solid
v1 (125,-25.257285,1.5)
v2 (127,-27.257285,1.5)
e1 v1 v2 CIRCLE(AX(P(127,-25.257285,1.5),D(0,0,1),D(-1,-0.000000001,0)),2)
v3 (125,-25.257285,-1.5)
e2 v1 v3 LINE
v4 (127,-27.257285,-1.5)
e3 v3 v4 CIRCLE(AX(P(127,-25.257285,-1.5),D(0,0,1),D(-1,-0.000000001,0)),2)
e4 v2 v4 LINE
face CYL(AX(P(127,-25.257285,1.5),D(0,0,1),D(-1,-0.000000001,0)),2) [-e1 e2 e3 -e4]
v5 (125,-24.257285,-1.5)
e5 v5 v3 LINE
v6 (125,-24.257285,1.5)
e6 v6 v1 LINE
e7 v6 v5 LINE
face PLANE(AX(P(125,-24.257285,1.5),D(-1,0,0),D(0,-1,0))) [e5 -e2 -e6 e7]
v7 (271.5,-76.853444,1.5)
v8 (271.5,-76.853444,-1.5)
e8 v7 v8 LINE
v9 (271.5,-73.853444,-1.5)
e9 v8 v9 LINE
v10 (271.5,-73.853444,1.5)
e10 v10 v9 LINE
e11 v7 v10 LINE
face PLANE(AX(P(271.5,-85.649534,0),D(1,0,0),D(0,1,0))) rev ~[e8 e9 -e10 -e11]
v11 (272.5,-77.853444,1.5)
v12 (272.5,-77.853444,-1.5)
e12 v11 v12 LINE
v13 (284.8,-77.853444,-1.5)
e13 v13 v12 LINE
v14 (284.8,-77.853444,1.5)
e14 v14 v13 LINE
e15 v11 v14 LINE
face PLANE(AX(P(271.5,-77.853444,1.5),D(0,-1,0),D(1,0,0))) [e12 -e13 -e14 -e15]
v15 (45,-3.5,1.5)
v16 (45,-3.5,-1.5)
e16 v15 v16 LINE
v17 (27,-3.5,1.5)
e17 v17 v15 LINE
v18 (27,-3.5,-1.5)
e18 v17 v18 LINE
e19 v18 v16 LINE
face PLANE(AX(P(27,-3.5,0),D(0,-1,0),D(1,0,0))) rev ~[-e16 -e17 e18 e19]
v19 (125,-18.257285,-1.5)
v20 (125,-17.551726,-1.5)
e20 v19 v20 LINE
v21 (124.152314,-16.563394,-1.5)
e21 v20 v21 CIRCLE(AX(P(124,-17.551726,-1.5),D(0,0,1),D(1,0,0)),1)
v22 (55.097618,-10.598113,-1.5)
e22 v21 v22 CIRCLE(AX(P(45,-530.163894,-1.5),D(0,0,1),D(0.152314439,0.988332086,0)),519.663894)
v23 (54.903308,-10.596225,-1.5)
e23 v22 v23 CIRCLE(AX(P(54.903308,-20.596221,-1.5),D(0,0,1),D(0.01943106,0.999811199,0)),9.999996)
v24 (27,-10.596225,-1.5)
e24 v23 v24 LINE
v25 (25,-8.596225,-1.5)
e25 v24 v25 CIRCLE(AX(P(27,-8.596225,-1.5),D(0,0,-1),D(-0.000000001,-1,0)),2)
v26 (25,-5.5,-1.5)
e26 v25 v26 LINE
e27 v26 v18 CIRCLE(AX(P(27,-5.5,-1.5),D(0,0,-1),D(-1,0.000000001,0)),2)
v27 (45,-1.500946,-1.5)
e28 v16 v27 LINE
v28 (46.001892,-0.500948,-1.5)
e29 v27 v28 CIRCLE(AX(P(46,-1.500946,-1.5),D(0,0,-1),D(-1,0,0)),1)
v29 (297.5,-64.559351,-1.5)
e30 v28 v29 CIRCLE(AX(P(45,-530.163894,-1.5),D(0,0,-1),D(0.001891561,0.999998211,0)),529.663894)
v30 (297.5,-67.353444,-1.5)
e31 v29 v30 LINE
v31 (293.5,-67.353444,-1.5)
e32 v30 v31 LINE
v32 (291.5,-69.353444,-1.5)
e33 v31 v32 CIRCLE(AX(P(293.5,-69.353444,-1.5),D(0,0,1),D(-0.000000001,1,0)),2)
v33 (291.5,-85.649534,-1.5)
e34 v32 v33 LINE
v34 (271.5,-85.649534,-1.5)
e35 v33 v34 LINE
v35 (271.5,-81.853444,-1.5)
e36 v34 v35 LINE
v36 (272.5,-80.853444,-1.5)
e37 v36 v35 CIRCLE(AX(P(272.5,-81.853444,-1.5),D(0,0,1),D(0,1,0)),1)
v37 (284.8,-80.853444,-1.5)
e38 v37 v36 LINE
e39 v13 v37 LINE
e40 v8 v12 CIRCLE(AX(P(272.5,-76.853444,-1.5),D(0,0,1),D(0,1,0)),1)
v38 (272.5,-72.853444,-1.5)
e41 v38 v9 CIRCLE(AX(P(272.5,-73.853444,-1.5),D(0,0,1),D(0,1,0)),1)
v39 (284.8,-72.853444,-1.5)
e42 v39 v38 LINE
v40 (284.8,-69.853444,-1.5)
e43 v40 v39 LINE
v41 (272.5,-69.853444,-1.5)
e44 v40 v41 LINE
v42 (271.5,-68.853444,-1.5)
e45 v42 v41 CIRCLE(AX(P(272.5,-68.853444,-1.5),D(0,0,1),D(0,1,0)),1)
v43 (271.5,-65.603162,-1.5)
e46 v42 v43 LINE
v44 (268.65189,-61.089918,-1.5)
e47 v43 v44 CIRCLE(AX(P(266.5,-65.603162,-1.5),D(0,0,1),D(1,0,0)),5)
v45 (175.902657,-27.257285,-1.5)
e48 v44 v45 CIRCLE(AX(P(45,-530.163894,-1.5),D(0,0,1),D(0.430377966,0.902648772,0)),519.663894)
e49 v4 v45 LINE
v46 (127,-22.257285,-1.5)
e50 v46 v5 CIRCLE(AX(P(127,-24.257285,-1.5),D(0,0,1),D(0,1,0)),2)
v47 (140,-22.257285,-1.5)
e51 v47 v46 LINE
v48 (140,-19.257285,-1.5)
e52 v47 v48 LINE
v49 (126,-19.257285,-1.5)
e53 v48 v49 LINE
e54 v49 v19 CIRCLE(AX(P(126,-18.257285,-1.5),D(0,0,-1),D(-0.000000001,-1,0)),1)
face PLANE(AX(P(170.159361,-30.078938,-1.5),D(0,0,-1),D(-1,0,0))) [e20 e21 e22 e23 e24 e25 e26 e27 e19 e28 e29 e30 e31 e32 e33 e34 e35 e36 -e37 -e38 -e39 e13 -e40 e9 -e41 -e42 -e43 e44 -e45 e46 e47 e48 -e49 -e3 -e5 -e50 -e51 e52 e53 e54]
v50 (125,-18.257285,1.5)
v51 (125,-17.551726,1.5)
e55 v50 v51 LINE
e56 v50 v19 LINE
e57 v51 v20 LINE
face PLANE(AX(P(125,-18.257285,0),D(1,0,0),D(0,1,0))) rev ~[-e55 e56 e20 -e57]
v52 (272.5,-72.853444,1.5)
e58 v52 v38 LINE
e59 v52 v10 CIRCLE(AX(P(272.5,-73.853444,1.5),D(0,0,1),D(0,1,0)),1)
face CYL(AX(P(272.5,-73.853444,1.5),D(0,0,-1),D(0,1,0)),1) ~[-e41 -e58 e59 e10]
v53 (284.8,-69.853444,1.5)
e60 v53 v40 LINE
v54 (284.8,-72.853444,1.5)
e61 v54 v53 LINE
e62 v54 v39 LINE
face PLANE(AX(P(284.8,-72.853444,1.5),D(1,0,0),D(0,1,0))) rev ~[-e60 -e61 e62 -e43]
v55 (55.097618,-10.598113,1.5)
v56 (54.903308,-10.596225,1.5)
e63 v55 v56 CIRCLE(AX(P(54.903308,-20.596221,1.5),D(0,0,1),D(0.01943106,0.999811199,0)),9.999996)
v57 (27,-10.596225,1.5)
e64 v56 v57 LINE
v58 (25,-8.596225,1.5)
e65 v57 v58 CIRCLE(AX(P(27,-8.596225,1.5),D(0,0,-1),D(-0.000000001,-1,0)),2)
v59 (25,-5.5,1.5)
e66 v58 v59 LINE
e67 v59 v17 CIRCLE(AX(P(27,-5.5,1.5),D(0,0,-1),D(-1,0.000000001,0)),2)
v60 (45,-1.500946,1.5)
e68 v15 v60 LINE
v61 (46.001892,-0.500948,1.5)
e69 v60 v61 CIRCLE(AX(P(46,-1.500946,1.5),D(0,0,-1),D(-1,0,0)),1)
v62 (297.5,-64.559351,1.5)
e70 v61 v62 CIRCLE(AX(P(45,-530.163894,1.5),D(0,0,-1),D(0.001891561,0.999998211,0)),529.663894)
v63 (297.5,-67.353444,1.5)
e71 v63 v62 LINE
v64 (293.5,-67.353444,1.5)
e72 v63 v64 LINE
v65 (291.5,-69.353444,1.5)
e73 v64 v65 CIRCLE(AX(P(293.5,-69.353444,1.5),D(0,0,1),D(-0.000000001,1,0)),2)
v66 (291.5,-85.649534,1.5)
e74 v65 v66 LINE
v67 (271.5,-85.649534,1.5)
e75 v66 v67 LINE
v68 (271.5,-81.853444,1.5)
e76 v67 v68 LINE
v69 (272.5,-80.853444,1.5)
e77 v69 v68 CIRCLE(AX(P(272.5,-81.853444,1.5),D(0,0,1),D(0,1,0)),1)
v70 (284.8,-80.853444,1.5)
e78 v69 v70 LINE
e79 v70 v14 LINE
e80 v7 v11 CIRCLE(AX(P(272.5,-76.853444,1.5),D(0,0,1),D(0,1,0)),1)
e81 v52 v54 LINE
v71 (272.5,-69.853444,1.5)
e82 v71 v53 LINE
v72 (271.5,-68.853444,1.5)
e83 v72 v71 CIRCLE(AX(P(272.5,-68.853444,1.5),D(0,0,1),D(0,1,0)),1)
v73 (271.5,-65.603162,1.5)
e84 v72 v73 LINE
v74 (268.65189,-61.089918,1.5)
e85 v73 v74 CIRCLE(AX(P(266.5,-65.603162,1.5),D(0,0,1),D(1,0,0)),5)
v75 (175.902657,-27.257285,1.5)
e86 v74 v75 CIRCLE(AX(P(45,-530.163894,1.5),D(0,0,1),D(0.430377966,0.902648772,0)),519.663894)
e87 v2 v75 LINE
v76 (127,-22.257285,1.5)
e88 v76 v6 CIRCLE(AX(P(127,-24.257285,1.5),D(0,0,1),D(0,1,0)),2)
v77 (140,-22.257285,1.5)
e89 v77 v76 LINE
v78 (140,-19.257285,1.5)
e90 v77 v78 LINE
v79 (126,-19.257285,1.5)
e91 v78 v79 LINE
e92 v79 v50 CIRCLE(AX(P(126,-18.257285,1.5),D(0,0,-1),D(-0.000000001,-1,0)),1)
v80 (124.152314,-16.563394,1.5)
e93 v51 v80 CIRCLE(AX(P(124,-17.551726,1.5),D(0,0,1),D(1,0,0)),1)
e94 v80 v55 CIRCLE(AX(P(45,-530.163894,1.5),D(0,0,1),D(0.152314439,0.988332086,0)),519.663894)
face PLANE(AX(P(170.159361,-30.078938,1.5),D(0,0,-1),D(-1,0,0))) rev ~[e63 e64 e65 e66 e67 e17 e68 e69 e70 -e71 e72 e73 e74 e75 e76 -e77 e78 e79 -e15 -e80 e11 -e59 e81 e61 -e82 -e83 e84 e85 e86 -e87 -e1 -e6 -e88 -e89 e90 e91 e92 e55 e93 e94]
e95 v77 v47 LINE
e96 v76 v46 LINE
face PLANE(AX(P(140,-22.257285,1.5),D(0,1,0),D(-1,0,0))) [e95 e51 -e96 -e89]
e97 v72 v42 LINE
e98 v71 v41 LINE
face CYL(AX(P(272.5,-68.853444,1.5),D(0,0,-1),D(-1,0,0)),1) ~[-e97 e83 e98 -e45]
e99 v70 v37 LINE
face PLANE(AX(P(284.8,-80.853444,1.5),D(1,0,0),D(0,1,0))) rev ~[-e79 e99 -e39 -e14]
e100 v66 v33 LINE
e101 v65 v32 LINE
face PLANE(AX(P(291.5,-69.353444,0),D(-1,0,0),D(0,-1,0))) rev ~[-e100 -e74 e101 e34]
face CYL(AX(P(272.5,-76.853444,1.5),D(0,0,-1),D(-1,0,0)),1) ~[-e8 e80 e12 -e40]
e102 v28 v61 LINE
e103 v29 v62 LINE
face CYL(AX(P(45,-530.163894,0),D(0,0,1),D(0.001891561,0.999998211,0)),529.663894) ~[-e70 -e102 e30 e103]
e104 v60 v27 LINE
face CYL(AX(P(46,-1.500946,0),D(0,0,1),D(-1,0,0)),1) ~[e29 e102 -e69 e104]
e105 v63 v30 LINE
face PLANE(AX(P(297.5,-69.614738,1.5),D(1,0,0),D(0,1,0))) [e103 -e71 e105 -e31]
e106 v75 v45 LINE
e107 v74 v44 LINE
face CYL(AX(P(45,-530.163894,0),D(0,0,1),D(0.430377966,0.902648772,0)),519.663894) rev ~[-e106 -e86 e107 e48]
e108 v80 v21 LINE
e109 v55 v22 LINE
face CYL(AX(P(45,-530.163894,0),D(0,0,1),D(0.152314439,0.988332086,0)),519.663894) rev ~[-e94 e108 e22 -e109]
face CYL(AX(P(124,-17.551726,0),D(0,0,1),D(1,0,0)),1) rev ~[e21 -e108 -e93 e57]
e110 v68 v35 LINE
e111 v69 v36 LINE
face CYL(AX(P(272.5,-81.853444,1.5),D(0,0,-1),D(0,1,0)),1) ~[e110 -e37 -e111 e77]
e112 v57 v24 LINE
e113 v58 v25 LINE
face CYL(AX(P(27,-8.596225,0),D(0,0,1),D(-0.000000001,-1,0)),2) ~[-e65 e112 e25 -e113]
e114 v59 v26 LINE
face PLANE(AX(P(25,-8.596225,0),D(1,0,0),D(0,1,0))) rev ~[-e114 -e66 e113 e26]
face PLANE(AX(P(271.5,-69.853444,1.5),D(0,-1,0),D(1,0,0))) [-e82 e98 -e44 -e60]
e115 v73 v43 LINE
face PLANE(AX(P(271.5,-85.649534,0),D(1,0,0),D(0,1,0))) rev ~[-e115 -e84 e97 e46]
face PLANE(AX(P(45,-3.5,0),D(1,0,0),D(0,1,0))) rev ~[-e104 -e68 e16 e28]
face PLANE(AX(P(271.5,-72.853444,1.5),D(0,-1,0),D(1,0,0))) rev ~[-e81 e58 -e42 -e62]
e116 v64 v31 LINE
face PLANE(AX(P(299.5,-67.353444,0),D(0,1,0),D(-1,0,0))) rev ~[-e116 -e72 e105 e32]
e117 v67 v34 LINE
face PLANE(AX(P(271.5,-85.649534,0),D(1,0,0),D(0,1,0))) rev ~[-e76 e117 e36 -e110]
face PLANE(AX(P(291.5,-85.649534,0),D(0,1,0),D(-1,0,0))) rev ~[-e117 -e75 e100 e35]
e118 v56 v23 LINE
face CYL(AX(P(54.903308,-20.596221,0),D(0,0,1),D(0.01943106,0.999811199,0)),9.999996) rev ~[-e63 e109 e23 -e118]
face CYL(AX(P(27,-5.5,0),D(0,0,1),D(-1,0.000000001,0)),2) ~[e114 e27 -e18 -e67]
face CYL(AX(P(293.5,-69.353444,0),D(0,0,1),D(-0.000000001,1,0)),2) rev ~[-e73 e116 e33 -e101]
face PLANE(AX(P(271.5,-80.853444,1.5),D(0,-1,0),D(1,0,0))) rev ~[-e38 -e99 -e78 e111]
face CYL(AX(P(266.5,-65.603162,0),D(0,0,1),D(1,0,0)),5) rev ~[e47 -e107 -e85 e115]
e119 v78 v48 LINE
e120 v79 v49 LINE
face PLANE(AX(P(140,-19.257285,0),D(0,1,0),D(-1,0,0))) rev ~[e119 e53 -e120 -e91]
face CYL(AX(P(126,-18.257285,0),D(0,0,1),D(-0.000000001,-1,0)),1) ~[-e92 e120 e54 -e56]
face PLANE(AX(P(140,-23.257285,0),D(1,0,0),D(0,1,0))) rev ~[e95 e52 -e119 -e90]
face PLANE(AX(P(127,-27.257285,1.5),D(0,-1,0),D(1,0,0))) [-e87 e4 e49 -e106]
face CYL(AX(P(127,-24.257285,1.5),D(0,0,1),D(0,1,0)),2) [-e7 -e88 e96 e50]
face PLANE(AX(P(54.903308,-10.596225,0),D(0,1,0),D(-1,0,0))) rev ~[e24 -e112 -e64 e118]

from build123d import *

# Parameters (mm, degrees)
BOSS_EXTRUDE1_DEPTH = 1.5
SKETCH3_W           = 13.3
SKETCH3_H           = 3
CUT_EXTRUDE1_DEPTH  = 10
FILLET1_R           = 1
SKETCH4_W           = 2
SKETCH4_H           = 7.019019915
CUT_EXTRUDE2_DEPTH  = 10
BOSS_EXTRUDE2_DEPTH = 3


with BuildPart() as part:
    # Sketch2 → Boss-Extrude1 (new, symmetric)
    with BuildSketch(Plane.XY):
        with BuildLine():
            Line((299.5, -67.353443934), (293.5, -67.353443934))
            ThreePointArc((293.5, -67.353443934), (292.085786438, -67.939230372), (291.5, -69.353443934))
            Line((291.5, -69.353443934), (291.5, -85.649534053))
            Line((291.5, -85.649534053), (271.5, -85.649534053))
            Line((271.5, -85.649534053), (271.5, -65.603161932))
            ThreePointArc((271.5, -65.603161932), (270.728442335, -62.934777511), (268.651889832, -61.089918071))
            ThreePointArc((268.651889832, -61.089918071), (217.204334173, -39.861711653), (163.781589842, -24.257285386))
            Line((163.781589842, -24.257285386), (141, -24.257285386))
            ThreePointArc((141, -24.257285386), (140.292893219, -23.964392167), (140, -23.257285386))
            Line((140, -23.257285386), (140, -19.257285386))
            Line((140, -19.257285386), (126, -19.257285386))
            ThreePointArc((126, -19.257285386), (125.292893219, -18.964392167), (125, -18.257285386))
            Line((125, -18.257285386), (125, -17.551725847))
            ThreePointArc((125, -17.551725847), (124.759050209, -16.900693759), (124.152314439, -16.563393762))
            ThreePointArc((124.152314439, -16.563393762), (89.724531973, -12.428170907), (55.097618142, -10.598112953))
            ThreePointArc((55.097618142, -10.598112953), (55.000467449, -10.596696958), (54.903307584, -10.596224945))
            Line((54.903307584, -10.596224945), (27, -10.596224945))
            ThreePointArc((27, -10.596224945), (25.585786438, -10.010438507), (25, -8.596224945))
            Line((25, -8.596224945), (25, -5.5))
            ThreePointArc((25, -5.5), (25.585786438, -4.085786438), (27, -3.5))
            Line((27, -3.5), (45, -3.5))
            Line((45, -3.5), (45, -1.500945781))
            ThreePointArc((45, -1.500945781), (45.293562303, -0.793170548), (46.001891561, -0.50094757))
            ThreePointArc((46.001891561, -0.50094757), (176.838494864, -17.170276226), (299.5, -65.649534053))
            Line((299.5, -65.649534053), (299.5, -67.353443934))
        make_face()
    extrude(amount=BOSS_EXTRUDE1_DEPTH, both=True)

    # Sketch3 → Cut-Extrude1 (cut)
    with BuildSketch(Plane.XY.offset(1.5)):
        with Locations((278.15, -71.353443934)):
            Rectangle(SKETCH3_W, SKETCH3_H)
        with Locations((278.15, -79.353443934)):
            Rectangle(SKETCH3_W, SKETCH3_H)
    extrude(amount=-CUT_EXTRUDE1_DEPTH, mode=Mode.SUBTRACT)

    # Fillet1
    fillet1_edges = [part.edges().sort_by_distance(p)[0] for p in [
        (271.5, -72.853443934, 0),
        (271.5, -69.853443934, 0),
        (271.5, -80.853443934, 0),
        (271.5, -77.853443934, 0),
    ]]
    fillet(fillet1_edges, radius=FILLET1_R)

    # Sketch4 → Cut-Extrude2 (cut)
    with BuildSketch(Plane.XY.offset(1.5)):
        with Locations((298.5, -66.105228371)):
            Rectangle(SKETCH4_W, SKETCH4_H)
    extrude(amount=-CUT_EXTRUDE2_DEPTH, mode=Mode.SUBTRACT)

    # Sketch5 → Boss-Extrude2 (add)
    with BuildSketch(Plane.XY.offset(1.5)):
        with BuildLine():
            Line((140, -19.257285386), (140, -22.257285386))
            Line((140, -22.257285386), (127, -22.257285386))
            ThreePointArc((127, -22.257285386), (125.585786438, -22.843071823), (125, -24.257285386))
            Line((125, -24.257285386), (125, -25.257285386))
            ThreePointArc((125, -25.257285386), (125.585786438, -26.671498948), (127, -27.257285386))
            Line((127, -27.257285386), (175.902657485, -27.257285386))
            Line((175.902657485, -27.257285386), (184.756236065, -23.311413726))
            Line((184.756236065, -23.311413726), (140, -19.257285386))
        make_face()
    extrude(amount=-BOSS_EXTRUDE2_DEPTH)


solid = part.part
